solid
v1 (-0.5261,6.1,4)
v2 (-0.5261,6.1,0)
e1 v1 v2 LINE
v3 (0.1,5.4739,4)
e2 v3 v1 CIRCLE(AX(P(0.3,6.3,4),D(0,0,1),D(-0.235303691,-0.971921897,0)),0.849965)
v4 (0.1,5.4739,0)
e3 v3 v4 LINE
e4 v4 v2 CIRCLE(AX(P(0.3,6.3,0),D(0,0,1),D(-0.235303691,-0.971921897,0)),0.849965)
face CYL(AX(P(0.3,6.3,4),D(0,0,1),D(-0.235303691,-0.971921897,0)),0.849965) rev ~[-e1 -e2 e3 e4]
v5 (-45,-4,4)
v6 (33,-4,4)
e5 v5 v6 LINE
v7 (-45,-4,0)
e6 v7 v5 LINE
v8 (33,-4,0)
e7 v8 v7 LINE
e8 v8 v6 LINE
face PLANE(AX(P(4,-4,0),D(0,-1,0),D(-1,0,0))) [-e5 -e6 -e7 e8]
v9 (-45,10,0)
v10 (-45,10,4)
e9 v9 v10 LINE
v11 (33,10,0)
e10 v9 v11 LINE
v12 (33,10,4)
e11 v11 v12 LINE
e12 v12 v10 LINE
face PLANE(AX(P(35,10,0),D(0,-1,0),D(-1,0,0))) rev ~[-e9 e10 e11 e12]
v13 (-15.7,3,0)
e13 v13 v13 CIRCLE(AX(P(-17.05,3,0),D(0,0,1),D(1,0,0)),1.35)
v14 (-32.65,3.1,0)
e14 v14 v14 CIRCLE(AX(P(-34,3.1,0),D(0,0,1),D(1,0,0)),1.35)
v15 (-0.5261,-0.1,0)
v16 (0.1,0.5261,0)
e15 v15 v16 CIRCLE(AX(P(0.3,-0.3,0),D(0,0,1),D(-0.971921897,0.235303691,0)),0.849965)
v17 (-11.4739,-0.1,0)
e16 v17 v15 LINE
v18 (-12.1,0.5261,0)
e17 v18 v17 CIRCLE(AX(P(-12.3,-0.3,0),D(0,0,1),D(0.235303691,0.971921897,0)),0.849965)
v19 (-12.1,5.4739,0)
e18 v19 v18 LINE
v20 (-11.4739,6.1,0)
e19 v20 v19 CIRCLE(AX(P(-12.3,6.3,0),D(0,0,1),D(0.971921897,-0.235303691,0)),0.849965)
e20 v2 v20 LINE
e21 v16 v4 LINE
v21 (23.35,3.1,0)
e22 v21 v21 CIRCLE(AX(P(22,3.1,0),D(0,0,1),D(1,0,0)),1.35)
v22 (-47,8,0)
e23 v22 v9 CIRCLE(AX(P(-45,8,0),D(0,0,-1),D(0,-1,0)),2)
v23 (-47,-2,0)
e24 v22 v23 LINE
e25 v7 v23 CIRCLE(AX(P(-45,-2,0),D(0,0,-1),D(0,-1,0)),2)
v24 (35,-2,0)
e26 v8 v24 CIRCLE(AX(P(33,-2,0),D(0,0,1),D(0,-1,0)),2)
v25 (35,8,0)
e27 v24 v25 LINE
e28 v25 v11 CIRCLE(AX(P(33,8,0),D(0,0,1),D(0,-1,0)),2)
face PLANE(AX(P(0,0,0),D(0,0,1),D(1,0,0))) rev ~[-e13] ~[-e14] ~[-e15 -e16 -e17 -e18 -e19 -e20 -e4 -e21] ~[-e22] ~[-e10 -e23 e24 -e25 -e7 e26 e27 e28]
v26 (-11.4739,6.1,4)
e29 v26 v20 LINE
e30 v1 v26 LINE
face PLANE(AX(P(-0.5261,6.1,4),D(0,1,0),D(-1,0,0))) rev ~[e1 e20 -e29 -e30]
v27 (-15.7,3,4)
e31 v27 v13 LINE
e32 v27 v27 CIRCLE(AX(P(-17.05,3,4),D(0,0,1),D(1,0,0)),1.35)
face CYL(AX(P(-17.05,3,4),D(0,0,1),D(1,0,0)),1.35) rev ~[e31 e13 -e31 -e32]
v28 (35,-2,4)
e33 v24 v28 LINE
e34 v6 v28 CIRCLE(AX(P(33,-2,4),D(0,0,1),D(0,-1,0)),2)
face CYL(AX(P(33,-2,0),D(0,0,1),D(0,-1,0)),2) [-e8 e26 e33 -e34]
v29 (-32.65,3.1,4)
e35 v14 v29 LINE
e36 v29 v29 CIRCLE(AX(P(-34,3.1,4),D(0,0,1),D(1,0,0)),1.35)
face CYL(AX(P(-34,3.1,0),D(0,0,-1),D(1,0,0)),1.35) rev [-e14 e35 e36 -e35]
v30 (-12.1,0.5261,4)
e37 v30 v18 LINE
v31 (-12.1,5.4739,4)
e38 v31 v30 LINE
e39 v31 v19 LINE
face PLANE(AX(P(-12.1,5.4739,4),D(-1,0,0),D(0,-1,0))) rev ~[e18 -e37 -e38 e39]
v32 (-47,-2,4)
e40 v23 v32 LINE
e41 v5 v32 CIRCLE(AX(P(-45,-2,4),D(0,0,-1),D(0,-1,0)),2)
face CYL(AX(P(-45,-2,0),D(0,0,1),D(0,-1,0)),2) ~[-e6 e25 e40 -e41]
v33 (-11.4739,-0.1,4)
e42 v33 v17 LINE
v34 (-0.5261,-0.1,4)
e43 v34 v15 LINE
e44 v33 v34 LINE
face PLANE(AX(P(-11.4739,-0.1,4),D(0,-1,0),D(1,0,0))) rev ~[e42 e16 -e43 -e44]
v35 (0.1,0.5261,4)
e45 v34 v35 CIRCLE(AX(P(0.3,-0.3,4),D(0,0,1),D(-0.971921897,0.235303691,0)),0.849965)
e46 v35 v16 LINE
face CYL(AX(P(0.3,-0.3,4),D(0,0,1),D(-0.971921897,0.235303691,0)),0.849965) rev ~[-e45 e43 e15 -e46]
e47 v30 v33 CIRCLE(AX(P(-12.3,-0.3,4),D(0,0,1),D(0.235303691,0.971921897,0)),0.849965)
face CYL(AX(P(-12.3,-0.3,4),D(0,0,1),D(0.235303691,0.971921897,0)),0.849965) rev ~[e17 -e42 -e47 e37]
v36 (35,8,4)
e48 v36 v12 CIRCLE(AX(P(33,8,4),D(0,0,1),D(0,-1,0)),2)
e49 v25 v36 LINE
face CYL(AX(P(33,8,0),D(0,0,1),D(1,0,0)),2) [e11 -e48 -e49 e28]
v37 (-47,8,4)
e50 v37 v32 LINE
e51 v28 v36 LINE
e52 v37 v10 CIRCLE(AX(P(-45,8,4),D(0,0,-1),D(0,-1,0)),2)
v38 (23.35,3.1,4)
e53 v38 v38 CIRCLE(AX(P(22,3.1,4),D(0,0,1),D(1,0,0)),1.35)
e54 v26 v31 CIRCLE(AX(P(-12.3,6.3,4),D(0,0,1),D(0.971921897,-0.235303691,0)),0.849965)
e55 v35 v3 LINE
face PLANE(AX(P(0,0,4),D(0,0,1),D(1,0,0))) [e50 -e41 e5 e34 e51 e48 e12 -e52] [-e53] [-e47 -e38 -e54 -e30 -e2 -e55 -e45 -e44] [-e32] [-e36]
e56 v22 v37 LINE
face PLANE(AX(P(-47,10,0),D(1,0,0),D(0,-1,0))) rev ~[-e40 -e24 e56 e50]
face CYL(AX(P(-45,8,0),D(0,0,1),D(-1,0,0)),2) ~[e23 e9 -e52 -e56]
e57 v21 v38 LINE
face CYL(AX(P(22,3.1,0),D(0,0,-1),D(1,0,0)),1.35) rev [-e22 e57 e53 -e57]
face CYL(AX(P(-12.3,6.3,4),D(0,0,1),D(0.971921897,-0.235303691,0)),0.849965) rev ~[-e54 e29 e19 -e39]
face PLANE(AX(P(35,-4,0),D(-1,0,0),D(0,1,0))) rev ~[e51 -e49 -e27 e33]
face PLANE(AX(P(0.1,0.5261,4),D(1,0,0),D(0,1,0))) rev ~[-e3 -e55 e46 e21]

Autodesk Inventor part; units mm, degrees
ref_plane "YZ Plane" through (0, 0, 0) normal (1, 0, 0) x (0, 1, 0)
ref_plane "XZ Plane" through (0, 0, 0) normal (0, 1, 0) x (-1, 0, 0)
ref_plane "XY Plane" through (0, 0, 0) normal (0, 0, 1) x (1, 0, 0)
ref_plane "작업 평면1" through (0, 0, 0) normal (0, 0, 1) x (1, 0, 0)
sketch "스케치1" plane through (0, 0, 0) normal (0, 0, 1) x (1, 0, 0)
  line L0 (-12, 0) -> (0, 0) projected
  line L1 (0, 0) -> (0, 6) projected
  line L2 (-12, 6) -> (0, 6) projected
  line L3 (-12, 0) -> (-12, 6) projected
  line L4 (0.3, -0.3) -> (-12.3, -0.3)
  line L5 (-12.3, -0.3) -> (-12.3, 6.3)
  line L6 (-12.3, 6.3) -> (0.3, 6.3)
  line L7 (0.3, 6.3) -> (0.3, -0.3)
  line L8 (4, -4) -> (-16, -4)
  line L9 (-16, -4) -> (-16, 10)
  line L10 (-16, 10) -> (4, 10)
  line L11 (4, 10) -> (4, -4)
  line L12 (1, 6) -> (1, 0) projected
  line L13 (1, 0) -> (31, 0) projected
  line L14 (31, 0) -> (31, 6) projected
  line L15 (1, 6) -> (31, 6) projected
  circle A0 centre (22, 3.1) radius 1.35 projected
  line L16 (-13, 0) -> (-13, 6) projected
  line L17 (-43, 6) -> (-13, 6) projected
  line L18 (-43, 0) -> (-43, 6) projected
  line L19 (-43, 0) -> (-13, 0) projected
  circle A1 centre (-34, 3.1) radius 1.35 projected
  line L20 (31, 0) -> (-43, 0)
  line L21 (-43, 0) -> (-43, 6)
  line L22 (-43, 6) -> (31, 6)
  line L23 (31, 6) -> (31, 0)
  line L24 (-47, -4) -> (35, -4)
  line L25 (35, -4) -> (35, 10)
  line L26 (35, 10) -> (-47, 10)
  line L27 (-47, 10) -> (-47, -4)
  circle A2 centre (0.3, 6.3) radius 1.05
  circle A3 centre (0.3, -0.3) radius 1.05
  circle A4 centre (-12.3, -0.3) radius 1.05
  circle A5 centre (-12.3, 6.3) radius 1.05
  point P0 (0.3, 5.25)
  point P1 (0.3, 0.75)
  point P2 (-0.75, -0.3)
  point P3 (-11.25, -0.3)
  point P4 (-12.3, 0.75)
  point P5 (-12.3, 5.25)
  point P6 (-11.25, 6.3)
  point P7 (-0.75, 6.3)
  dimension "d0" = 0.3
  dimension "d1" = 4
  dimension "d4" = 2.1
  dimension "d5" = 2.1
  dimension "d6" = 2.1
  dimension "d7" = 2.1
extrude "돌출1" add sketch "스케치1" along normal blind 4 contours L4 A3 L13 L11 L8 L9 L19 A4 | A4 L16 A5 L5 | L19 L9 L17 A5 L16 A4 | L7 A2 L12 A3 | L19 L18 L17 L9 | L9 L24 L27 L26 L17 L18 L19 | A5 L17 L9 L10 L11 L15 A2 L6 | L12 A2 L15 L11 L13 A3 | L13 L14 L15 L11 L26 L25 L24 | L11 L15 L14 L13
sketch "스케치2" plane through (0, 0, 4) normal (0, 0, 1) x (1, 0, 0)
  line L0 (-13, 6) -> (-13, 0) projected
  line L1 (-42, 0) -> (-13, 0) projected
  line L2 (-42, 6) -> (-42, 0) projected
  line L3 (-42, 6) -> (-13, 6) projected
  circle A0 centre (-17.05, 3) radius 1.35 projected
  point P0 (0, 0)
extrude "돌출2" cut sketch "스케치2" against normal through all contours A0
fillet "모깎기1" radius 2 4 edges at (35, 10, 2) (35, -4, 2) (-47, 10, 2) (-47, -4, 2)
sketch "스케치3" plane through (0, 0, 4) normal (0, 0, 1) x (1, 0, 0)
  circle A0 centre (-17.05, 3) radius 1.35 projected
  arc A1 (-47, -2) -> (-45, -4) centre (-45, -2) ccw projected
  line L0 (-45, -4) -> (33, -4) projected
  arc A2 (33, -4) -> (35, -2) centre (33, -2) ccw projected
  line L1 (35, -2) -> (35, 8) projected
  arc A3 (35, 8) -> (33, 10) centre (33, 8) ccw projected
  line L2 (33, 10) -> (-45, 10) projected
  arc A4 (-45, 10) -> (-47, 8) centre (-45, 8) ccw projected
  line L3 (-47, 8) -> (-47, -2) projected
  circle A5 centre (22, 3.1) radius 1.35 projected
  circle A6 centre (-34, 3.1) radius 1.35 projected
  arc A7 (0.3, 5.25) -> (-0.75, 6.3) centre (0.3, 6.3) ccw projected
  line L4 (0.3, 5.25) -> (0.3, 0.75) projected
  arc A8 (-0.75, -0.3) -> (0.3, 0.75) centre (0.3, -0.3) ccw projected
  line L5 (-0.75, -0.3) -> (-11.25, -0.3) projected
  arc A9 (-12.3, 0.75) -> (-11.25, -0.3) centre (-12.3, -0.3) ccw projected
  line L6 (-12.3, 0.75) -> (-12.3, 5.25) projected
  arc A10 (-11.25, 6.3) -> (-12.3, 5.25) centre (-12.3, 6.3) ccw projected
  line L7 (-11.25, 6.3) -> (-0.75, 6.3) projected
  line L8 (0.1, 0.5261) -> (0.1, 5.4739)
  arc A11 (0.1, 5.4739) -> (-0.5261, 6.1) centre (0.3, 6.3) ccw
  line L9 (-0.5261, 6.1) -> (-11.4739, 6.1)
  arc A12 (-11.4739, 6.1) -> (-12.1, 5.4739) centre (-12.3, 6.3) ccw
  line L10 (-12.1, 5.4739) -> (-12.1, 0.5261)
  arc A13 (-12.1, 0.5261) -> (-11.4739, -0.1) centre (-12.3, -0.3) ccw
  line L11 (-11.4739, -0.1) -> (-0.5261, -0.1)
  arc A14 (-0.5261, -0.1) -> (0.1, 0.5261) centre (0.3, -0.3) ccw
  point P0 (0, 0)
  dimension "d11" = 0.2
extrude "돌출3" add sketch "스케치3" against normal up to surface (4 mm away) contours L4 A8 L5 A9 L6 A10 L7 A7
properties part number "zig9"
